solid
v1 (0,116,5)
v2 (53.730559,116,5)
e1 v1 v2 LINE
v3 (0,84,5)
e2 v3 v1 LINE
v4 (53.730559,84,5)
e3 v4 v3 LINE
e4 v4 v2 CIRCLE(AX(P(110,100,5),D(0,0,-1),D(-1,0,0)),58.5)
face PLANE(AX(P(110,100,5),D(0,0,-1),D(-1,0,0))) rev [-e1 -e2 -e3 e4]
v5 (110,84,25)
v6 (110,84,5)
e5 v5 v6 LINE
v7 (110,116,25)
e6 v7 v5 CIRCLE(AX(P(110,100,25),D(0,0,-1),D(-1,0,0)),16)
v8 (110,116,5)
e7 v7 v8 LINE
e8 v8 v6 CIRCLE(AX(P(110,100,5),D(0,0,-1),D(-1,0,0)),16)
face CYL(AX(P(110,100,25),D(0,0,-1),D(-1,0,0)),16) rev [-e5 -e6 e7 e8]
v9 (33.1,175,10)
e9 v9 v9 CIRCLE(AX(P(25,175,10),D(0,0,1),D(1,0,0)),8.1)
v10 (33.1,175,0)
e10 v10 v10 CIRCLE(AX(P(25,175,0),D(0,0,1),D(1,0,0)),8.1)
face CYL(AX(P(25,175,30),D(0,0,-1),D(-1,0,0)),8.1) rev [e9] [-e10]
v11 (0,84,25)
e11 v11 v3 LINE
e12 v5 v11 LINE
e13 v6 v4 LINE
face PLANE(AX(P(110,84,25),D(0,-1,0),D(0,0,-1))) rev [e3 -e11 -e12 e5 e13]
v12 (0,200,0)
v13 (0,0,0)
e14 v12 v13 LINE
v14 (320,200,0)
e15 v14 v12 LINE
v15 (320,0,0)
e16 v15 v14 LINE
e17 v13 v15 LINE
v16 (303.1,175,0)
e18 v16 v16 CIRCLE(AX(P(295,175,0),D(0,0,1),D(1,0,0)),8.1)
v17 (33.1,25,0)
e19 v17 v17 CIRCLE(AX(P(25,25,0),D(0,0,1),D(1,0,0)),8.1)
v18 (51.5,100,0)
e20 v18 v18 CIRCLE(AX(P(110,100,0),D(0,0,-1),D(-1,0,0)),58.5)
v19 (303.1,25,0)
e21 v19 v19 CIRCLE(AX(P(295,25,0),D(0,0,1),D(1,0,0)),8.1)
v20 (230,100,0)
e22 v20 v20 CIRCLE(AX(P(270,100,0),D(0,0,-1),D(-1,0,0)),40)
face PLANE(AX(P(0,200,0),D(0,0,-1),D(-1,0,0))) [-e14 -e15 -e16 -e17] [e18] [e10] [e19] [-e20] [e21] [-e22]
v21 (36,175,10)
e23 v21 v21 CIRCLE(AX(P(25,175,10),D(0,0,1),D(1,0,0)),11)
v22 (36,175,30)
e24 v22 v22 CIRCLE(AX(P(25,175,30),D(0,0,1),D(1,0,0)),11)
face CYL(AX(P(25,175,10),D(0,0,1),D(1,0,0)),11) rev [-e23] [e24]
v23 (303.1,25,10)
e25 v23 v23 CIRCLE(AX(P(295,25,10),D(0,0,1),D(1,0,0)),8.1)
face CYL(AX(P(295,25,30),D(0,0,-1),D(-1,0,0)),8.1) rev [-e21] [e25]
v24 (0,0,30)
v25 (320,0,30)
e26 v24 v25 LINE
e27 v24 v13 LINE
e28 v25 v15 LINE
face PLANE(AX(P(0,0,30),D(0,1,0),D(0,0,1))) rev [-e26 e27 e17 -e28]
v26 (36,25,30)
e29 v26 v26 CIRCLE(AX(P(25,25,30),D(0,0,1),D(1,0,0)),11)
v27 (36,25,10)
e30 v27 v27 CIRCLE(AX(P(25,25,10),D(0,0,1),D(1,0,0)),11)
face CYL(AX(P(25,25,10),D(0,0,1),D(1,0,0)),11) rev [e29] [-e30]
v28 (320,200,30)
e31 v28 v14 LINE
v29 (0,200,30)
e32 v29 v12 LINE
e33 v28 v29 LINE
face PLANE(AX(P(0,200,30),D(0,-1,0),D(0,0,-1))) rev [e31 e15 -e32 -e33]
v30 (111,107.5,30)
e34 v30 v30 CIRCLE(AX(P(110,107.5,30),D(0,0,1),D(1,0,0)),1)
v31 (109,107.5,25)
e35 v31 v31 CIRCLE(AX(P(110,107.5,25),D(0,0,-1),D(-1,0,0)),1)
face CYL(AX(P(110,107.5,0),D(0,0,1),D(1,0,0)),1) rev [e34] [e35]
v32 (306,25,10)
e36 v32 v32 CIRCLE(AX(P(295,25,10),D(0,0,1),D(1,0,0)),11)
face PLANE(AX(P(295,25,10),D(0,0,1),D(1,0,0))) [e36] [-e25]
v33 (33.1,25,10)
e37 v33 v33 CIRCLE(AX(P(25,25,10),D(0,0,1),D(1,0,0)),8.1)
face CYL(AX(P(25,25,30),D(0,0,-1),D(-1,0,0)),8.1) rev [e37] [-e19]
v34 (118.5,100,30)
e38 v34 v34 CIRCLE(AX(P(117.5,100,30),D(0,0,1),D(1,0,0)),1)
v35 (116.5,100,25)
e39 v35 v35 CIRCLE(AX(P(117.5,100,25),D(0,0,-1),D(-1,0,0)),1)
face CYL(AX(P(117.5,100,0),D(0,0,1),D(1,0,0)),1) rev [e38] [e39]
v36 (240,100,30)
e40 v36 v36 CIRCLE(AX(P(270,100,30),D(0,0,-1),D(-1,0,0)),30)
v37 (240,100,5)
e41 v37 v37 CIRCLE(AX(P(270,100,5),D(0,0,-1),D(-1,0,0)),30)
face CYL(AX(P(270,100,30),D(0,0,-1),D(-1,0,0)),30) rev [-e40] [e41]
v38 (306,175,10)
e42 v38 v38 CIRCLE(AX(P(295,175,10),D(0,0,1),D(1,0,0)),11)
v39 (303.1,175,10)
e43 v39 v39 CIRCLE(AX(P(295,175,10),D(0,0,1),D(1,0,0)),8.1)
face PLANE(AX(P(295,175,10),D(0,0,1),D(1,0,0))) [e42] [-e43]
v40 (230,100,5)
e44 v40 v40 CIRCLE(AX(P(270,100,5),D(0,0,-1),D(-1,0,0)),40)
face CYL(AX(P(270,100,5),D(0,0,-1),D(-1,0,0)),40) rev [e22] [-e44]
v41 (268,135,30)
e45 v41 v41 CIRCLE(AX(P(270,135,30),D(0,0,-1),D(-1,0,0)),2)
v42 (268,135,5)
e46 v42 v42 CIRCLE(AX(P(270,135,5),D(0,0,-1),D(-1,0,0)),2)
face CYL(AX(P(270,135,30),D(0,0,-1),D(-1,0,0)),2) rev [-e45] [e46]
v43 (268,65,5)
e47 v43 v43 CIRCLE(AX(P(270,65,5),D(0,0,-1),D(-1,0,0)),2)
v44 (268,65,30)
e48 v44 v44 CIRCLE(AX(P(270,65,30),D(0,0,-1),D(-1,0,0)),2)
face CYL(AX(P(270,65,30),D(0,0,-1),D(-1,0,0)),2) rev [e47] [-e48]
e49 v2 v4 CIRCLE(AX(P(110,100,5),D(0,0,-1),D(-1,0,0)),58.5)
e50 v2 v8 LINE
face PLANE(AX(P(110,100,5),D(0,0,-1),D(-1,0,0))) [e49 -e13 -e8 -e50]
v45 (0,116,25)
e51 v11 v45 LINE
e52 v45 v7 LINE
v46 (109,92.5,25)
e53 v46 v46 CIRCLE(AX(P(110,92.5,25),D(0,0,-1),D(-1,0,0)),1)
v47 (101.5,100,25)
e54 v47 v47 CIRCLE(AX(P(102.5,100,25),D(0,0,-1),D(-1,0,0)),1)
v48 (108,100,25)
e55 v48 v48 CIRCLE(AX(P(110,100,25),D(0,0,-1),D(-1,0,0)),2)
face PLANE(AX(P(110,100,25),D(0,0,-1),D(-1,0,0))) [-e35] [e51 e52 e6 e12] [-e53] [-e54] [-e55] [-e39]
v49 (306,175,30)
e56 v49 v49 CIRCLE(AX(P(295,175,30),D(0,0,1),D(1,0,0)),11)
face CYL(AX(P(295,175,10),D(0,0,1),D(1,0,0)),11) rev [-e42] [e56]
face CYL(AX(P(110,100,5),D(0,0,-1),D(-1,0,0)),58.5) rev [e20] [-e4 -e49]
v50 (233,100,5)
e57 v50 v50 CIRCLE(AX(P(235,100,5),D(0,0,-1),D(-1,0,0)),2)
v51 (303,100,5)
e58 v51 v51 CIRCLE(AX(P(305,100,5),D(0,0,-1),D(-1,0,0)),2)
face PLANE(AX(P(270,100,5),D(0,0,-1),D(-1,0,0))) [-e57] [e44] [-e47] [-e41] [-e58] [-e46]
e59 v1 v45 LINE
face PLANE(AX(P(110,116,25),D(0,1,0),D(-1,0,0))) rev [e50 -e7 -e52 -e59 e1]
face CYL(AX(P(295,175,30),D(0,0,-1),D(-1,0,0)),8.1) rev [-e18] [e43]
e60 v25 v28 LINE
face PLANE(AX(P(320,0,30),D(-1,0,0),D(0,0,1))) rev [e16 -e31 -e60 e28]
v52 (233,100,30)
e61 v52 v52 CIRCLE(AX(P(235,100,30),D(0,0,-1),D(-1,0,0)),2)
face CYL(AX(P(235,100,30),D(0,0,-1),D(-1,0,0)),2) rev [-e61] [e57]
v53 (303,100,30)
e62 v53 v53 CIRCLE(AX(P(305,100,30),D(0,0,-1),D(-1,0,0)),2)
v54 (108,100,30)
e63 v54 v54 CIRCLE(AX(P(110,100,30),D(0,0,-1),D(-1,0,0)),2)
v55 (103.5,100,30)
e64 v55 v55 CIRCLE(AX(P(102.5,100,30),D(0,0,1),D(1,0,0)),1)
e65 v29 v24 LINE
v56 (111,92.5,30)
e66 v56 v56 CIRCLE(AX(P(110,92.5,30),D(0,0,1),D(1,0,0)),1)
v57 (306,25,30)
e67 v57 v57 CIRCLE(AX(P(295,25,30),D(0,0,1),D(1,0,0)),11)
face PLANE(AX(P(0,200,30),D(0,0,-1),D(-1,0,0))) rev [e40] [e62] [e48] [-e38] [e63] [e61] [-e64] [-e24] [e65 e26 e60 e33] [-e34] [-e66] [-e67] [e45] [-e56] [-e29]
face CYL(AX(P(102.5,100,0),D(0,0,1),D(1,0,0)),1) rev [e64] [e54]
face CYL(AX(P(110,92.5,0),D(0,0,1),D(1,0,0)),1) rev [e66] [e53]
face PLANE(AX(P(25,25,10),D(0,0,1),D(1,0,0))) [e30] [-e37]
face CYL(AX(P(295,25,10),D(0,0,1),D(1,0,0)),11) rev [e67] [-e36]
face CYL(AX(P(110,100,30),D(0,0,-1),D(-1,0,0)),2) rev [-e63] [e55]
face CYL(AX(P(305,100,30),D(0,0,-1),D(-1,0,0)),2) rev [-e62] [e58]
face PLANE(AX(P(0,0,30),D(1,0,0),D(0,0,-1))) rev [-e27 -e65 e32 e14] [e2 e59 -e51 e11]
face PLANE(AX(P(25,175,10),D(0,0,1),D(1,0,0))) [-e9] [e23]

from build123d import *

# Parameters (mm, degrees)
SKETCH1_W           = 320
SKETCH1_H           = 200
SKETCH1_R           = 8.1
BOSS_EXTRUDE1_DEPTH = 30
SKETCH2_R           = 11
CUT_EXTRUDE1_DEPTH  = 20
SKETCH3_R           = 58.5
CUT_EXTRUDE2_DEPTH  = 5
CUT_EXTRUDE3_DEPTH  = 20
SKETCH5_R           = 2
CUT_EXTRUDE4_DEPTH  = 379.186461947
SKETCH6_R           = 40
CUT_EXTRUDE5_DEPTH  = 5
SKETCH7_R           = 30
CUT_EXTRUDE6_DEPTH  = 379.549864615
SKETCH8_R           = 2
CUT_EXTRUDE7_DEPTH  = 379.549864615
SKETCH9_R           = 1
CUT_EXTRUDE8_DEPTH  = 379.549864615


with BuildPart() as part:
    # Sketch1 → Boss-Extrude1 (new body)
    with BuildSketch(Plane.XY):
        with Locations((160, 100)):
            Rectangle(SKETCH1_W, SKETCH1_H)
        with Locations((25, 175)):
            Circle(SKETCH1_R, mode=Mode.SUBTRACT)
        with Locations((295, 175)):
            Circle(SKETCH1_R, mode=Mode.SUBTRACT)
        with Locations((25, 25)):
            Circle(SKETCH1_R, mode=Mode.SUBTRACT)
        with Locations((295, 25)):
            Circle(SKETCH1_R, mode=Mode.SUBTRACT)
    extrude(amount=BOSS_EXTRUDE1_DEPTH)

    # Sketch2 → Cut-Extrude1 (cut)
    with BuildSketch(Plane.XY.offset(30)):
        with Locations((295, 175)):
            Circle(SKETCH2_R)
        with Locations((25, 175)):
            Circle(SKETCH2_R)
        with Locations((25, 25)):
            Circle(SKETCH2_R)
        with Locations((295, 25)):
            Circle(SKETCH2_R)
    extrude(amount=-CUT_EXTRUDE1_DEPTH, mode=Mode.SUBTRACT)

    # Sketch3 → Cut-Extrude2 (cut)
    with BuildSketch(Plane(origin=(0, 0, 0), x_dir=(-1, 0, 0), z_dir=(0, 0, -1))):
        with Locations((-110, 100)):
            Circle(SKETCH3_R)
    extrude(amount=-CUT_EXTRUDE2_DEPTH, mode=Mode.SUBTRACT)

    # Sketch4 → Cut-Extrude3 (cut)
    with BuildSketch(Plane(origin=(0, 0, 5), x_dir=(-1, 0, 0), z_dir=(0, 0, -1))):
        with BuildLine():
            Line((-110, 116), (11.374075995, 116))
            Line((11.374075995, 116), (11.374075995, 84))
            Line((11.374075995, 84), (-110, 84))
            ThreePointArc((-110, 84), (-126, 100), (-110, 116))
        make_face()
    extrude(amount=-CUT_EXTRUDE3_DEPTH, mode=Mode.SUBTRACT)

    # Sketch5 → Cut-Extrude4 (cut, through all)
    with BuildSketch(Plane(origin=(0, 0, 25), x_dir=(-1, 0, 0), z_dir=(0, 0, -1))):
        with Locations((-110, 100)):
            Circle(SKETCH5_R)
    extrude(amount=-CUT_EXTRUDE4_DEPTH, mode=Mode.SUBTRACT)

    # Sketch6 → Cut-Extrude5 (cut)
    with BuildSketch(Plane(origin=(0, 0, 0), x_dir=(-1, 0, 0), z_dir=(0, 0, -1))):
        with Locations((-270, 100)):
            Circle(SKETCH6_R)
    extrude(amount=-CUT_EXTRUDE5_DEPTH, mode=Mode.SUBTRACT)

    # Sketch7 → Cut-Extrude6 (cut, through all)
    with BuildSketch(Plane(origin=(0, 0, 0), x_dir=(-1, 0, 0), z_dir=(0, 0, -1))):
        with Locations((-270, 100)):
            Circle(SKETCH7_R)
    extrude(amount=-CUT_EXTRUDE6_DEPTH, mode=Mode.SUBTRACT)

    # Sketch8 → Cut-Extrude7 (cut, through all)
    with BuildSketch(Plane(origin=(0, 0, 0), x_dir=(-1, 0, 0), z_dir=(0, 0, -1))):
        with Locations((-270, 135)):
            Circle(SKETCH8_R)
        with Locations((-235, 100)):
            Circle(SKETCH8_R)
        with Locations((-270, 65)):
            Circle(SKETCH8_R)
        with Locations((-305, 100)):
            Circle(SKETCH8_R)
    extrude(amount=-CUT_EXTRUDE7_DEPTH, mode=Mode.SUBTRACT)

    # Sketch9 → Cut-Extrude8 (cut, through all)
    with BuildSketch(Plane.XY.offset(30)):
        with Locations((110, 107.5)):
            Circle(SKETCH9_R)
        with Locations((117.5, 100)):
            Circle(SKETCH9_R)
        with Locations((110, 92.5)):
            Circle(SKETCH9_R)
        with Locations((102.5, 100)):
            Circle(SKETCH9_R)
    extrude(amount=-CUT_EXTRUDE8_DEPTH, mode=Mode.SUBTRACT)


solid = part.part
